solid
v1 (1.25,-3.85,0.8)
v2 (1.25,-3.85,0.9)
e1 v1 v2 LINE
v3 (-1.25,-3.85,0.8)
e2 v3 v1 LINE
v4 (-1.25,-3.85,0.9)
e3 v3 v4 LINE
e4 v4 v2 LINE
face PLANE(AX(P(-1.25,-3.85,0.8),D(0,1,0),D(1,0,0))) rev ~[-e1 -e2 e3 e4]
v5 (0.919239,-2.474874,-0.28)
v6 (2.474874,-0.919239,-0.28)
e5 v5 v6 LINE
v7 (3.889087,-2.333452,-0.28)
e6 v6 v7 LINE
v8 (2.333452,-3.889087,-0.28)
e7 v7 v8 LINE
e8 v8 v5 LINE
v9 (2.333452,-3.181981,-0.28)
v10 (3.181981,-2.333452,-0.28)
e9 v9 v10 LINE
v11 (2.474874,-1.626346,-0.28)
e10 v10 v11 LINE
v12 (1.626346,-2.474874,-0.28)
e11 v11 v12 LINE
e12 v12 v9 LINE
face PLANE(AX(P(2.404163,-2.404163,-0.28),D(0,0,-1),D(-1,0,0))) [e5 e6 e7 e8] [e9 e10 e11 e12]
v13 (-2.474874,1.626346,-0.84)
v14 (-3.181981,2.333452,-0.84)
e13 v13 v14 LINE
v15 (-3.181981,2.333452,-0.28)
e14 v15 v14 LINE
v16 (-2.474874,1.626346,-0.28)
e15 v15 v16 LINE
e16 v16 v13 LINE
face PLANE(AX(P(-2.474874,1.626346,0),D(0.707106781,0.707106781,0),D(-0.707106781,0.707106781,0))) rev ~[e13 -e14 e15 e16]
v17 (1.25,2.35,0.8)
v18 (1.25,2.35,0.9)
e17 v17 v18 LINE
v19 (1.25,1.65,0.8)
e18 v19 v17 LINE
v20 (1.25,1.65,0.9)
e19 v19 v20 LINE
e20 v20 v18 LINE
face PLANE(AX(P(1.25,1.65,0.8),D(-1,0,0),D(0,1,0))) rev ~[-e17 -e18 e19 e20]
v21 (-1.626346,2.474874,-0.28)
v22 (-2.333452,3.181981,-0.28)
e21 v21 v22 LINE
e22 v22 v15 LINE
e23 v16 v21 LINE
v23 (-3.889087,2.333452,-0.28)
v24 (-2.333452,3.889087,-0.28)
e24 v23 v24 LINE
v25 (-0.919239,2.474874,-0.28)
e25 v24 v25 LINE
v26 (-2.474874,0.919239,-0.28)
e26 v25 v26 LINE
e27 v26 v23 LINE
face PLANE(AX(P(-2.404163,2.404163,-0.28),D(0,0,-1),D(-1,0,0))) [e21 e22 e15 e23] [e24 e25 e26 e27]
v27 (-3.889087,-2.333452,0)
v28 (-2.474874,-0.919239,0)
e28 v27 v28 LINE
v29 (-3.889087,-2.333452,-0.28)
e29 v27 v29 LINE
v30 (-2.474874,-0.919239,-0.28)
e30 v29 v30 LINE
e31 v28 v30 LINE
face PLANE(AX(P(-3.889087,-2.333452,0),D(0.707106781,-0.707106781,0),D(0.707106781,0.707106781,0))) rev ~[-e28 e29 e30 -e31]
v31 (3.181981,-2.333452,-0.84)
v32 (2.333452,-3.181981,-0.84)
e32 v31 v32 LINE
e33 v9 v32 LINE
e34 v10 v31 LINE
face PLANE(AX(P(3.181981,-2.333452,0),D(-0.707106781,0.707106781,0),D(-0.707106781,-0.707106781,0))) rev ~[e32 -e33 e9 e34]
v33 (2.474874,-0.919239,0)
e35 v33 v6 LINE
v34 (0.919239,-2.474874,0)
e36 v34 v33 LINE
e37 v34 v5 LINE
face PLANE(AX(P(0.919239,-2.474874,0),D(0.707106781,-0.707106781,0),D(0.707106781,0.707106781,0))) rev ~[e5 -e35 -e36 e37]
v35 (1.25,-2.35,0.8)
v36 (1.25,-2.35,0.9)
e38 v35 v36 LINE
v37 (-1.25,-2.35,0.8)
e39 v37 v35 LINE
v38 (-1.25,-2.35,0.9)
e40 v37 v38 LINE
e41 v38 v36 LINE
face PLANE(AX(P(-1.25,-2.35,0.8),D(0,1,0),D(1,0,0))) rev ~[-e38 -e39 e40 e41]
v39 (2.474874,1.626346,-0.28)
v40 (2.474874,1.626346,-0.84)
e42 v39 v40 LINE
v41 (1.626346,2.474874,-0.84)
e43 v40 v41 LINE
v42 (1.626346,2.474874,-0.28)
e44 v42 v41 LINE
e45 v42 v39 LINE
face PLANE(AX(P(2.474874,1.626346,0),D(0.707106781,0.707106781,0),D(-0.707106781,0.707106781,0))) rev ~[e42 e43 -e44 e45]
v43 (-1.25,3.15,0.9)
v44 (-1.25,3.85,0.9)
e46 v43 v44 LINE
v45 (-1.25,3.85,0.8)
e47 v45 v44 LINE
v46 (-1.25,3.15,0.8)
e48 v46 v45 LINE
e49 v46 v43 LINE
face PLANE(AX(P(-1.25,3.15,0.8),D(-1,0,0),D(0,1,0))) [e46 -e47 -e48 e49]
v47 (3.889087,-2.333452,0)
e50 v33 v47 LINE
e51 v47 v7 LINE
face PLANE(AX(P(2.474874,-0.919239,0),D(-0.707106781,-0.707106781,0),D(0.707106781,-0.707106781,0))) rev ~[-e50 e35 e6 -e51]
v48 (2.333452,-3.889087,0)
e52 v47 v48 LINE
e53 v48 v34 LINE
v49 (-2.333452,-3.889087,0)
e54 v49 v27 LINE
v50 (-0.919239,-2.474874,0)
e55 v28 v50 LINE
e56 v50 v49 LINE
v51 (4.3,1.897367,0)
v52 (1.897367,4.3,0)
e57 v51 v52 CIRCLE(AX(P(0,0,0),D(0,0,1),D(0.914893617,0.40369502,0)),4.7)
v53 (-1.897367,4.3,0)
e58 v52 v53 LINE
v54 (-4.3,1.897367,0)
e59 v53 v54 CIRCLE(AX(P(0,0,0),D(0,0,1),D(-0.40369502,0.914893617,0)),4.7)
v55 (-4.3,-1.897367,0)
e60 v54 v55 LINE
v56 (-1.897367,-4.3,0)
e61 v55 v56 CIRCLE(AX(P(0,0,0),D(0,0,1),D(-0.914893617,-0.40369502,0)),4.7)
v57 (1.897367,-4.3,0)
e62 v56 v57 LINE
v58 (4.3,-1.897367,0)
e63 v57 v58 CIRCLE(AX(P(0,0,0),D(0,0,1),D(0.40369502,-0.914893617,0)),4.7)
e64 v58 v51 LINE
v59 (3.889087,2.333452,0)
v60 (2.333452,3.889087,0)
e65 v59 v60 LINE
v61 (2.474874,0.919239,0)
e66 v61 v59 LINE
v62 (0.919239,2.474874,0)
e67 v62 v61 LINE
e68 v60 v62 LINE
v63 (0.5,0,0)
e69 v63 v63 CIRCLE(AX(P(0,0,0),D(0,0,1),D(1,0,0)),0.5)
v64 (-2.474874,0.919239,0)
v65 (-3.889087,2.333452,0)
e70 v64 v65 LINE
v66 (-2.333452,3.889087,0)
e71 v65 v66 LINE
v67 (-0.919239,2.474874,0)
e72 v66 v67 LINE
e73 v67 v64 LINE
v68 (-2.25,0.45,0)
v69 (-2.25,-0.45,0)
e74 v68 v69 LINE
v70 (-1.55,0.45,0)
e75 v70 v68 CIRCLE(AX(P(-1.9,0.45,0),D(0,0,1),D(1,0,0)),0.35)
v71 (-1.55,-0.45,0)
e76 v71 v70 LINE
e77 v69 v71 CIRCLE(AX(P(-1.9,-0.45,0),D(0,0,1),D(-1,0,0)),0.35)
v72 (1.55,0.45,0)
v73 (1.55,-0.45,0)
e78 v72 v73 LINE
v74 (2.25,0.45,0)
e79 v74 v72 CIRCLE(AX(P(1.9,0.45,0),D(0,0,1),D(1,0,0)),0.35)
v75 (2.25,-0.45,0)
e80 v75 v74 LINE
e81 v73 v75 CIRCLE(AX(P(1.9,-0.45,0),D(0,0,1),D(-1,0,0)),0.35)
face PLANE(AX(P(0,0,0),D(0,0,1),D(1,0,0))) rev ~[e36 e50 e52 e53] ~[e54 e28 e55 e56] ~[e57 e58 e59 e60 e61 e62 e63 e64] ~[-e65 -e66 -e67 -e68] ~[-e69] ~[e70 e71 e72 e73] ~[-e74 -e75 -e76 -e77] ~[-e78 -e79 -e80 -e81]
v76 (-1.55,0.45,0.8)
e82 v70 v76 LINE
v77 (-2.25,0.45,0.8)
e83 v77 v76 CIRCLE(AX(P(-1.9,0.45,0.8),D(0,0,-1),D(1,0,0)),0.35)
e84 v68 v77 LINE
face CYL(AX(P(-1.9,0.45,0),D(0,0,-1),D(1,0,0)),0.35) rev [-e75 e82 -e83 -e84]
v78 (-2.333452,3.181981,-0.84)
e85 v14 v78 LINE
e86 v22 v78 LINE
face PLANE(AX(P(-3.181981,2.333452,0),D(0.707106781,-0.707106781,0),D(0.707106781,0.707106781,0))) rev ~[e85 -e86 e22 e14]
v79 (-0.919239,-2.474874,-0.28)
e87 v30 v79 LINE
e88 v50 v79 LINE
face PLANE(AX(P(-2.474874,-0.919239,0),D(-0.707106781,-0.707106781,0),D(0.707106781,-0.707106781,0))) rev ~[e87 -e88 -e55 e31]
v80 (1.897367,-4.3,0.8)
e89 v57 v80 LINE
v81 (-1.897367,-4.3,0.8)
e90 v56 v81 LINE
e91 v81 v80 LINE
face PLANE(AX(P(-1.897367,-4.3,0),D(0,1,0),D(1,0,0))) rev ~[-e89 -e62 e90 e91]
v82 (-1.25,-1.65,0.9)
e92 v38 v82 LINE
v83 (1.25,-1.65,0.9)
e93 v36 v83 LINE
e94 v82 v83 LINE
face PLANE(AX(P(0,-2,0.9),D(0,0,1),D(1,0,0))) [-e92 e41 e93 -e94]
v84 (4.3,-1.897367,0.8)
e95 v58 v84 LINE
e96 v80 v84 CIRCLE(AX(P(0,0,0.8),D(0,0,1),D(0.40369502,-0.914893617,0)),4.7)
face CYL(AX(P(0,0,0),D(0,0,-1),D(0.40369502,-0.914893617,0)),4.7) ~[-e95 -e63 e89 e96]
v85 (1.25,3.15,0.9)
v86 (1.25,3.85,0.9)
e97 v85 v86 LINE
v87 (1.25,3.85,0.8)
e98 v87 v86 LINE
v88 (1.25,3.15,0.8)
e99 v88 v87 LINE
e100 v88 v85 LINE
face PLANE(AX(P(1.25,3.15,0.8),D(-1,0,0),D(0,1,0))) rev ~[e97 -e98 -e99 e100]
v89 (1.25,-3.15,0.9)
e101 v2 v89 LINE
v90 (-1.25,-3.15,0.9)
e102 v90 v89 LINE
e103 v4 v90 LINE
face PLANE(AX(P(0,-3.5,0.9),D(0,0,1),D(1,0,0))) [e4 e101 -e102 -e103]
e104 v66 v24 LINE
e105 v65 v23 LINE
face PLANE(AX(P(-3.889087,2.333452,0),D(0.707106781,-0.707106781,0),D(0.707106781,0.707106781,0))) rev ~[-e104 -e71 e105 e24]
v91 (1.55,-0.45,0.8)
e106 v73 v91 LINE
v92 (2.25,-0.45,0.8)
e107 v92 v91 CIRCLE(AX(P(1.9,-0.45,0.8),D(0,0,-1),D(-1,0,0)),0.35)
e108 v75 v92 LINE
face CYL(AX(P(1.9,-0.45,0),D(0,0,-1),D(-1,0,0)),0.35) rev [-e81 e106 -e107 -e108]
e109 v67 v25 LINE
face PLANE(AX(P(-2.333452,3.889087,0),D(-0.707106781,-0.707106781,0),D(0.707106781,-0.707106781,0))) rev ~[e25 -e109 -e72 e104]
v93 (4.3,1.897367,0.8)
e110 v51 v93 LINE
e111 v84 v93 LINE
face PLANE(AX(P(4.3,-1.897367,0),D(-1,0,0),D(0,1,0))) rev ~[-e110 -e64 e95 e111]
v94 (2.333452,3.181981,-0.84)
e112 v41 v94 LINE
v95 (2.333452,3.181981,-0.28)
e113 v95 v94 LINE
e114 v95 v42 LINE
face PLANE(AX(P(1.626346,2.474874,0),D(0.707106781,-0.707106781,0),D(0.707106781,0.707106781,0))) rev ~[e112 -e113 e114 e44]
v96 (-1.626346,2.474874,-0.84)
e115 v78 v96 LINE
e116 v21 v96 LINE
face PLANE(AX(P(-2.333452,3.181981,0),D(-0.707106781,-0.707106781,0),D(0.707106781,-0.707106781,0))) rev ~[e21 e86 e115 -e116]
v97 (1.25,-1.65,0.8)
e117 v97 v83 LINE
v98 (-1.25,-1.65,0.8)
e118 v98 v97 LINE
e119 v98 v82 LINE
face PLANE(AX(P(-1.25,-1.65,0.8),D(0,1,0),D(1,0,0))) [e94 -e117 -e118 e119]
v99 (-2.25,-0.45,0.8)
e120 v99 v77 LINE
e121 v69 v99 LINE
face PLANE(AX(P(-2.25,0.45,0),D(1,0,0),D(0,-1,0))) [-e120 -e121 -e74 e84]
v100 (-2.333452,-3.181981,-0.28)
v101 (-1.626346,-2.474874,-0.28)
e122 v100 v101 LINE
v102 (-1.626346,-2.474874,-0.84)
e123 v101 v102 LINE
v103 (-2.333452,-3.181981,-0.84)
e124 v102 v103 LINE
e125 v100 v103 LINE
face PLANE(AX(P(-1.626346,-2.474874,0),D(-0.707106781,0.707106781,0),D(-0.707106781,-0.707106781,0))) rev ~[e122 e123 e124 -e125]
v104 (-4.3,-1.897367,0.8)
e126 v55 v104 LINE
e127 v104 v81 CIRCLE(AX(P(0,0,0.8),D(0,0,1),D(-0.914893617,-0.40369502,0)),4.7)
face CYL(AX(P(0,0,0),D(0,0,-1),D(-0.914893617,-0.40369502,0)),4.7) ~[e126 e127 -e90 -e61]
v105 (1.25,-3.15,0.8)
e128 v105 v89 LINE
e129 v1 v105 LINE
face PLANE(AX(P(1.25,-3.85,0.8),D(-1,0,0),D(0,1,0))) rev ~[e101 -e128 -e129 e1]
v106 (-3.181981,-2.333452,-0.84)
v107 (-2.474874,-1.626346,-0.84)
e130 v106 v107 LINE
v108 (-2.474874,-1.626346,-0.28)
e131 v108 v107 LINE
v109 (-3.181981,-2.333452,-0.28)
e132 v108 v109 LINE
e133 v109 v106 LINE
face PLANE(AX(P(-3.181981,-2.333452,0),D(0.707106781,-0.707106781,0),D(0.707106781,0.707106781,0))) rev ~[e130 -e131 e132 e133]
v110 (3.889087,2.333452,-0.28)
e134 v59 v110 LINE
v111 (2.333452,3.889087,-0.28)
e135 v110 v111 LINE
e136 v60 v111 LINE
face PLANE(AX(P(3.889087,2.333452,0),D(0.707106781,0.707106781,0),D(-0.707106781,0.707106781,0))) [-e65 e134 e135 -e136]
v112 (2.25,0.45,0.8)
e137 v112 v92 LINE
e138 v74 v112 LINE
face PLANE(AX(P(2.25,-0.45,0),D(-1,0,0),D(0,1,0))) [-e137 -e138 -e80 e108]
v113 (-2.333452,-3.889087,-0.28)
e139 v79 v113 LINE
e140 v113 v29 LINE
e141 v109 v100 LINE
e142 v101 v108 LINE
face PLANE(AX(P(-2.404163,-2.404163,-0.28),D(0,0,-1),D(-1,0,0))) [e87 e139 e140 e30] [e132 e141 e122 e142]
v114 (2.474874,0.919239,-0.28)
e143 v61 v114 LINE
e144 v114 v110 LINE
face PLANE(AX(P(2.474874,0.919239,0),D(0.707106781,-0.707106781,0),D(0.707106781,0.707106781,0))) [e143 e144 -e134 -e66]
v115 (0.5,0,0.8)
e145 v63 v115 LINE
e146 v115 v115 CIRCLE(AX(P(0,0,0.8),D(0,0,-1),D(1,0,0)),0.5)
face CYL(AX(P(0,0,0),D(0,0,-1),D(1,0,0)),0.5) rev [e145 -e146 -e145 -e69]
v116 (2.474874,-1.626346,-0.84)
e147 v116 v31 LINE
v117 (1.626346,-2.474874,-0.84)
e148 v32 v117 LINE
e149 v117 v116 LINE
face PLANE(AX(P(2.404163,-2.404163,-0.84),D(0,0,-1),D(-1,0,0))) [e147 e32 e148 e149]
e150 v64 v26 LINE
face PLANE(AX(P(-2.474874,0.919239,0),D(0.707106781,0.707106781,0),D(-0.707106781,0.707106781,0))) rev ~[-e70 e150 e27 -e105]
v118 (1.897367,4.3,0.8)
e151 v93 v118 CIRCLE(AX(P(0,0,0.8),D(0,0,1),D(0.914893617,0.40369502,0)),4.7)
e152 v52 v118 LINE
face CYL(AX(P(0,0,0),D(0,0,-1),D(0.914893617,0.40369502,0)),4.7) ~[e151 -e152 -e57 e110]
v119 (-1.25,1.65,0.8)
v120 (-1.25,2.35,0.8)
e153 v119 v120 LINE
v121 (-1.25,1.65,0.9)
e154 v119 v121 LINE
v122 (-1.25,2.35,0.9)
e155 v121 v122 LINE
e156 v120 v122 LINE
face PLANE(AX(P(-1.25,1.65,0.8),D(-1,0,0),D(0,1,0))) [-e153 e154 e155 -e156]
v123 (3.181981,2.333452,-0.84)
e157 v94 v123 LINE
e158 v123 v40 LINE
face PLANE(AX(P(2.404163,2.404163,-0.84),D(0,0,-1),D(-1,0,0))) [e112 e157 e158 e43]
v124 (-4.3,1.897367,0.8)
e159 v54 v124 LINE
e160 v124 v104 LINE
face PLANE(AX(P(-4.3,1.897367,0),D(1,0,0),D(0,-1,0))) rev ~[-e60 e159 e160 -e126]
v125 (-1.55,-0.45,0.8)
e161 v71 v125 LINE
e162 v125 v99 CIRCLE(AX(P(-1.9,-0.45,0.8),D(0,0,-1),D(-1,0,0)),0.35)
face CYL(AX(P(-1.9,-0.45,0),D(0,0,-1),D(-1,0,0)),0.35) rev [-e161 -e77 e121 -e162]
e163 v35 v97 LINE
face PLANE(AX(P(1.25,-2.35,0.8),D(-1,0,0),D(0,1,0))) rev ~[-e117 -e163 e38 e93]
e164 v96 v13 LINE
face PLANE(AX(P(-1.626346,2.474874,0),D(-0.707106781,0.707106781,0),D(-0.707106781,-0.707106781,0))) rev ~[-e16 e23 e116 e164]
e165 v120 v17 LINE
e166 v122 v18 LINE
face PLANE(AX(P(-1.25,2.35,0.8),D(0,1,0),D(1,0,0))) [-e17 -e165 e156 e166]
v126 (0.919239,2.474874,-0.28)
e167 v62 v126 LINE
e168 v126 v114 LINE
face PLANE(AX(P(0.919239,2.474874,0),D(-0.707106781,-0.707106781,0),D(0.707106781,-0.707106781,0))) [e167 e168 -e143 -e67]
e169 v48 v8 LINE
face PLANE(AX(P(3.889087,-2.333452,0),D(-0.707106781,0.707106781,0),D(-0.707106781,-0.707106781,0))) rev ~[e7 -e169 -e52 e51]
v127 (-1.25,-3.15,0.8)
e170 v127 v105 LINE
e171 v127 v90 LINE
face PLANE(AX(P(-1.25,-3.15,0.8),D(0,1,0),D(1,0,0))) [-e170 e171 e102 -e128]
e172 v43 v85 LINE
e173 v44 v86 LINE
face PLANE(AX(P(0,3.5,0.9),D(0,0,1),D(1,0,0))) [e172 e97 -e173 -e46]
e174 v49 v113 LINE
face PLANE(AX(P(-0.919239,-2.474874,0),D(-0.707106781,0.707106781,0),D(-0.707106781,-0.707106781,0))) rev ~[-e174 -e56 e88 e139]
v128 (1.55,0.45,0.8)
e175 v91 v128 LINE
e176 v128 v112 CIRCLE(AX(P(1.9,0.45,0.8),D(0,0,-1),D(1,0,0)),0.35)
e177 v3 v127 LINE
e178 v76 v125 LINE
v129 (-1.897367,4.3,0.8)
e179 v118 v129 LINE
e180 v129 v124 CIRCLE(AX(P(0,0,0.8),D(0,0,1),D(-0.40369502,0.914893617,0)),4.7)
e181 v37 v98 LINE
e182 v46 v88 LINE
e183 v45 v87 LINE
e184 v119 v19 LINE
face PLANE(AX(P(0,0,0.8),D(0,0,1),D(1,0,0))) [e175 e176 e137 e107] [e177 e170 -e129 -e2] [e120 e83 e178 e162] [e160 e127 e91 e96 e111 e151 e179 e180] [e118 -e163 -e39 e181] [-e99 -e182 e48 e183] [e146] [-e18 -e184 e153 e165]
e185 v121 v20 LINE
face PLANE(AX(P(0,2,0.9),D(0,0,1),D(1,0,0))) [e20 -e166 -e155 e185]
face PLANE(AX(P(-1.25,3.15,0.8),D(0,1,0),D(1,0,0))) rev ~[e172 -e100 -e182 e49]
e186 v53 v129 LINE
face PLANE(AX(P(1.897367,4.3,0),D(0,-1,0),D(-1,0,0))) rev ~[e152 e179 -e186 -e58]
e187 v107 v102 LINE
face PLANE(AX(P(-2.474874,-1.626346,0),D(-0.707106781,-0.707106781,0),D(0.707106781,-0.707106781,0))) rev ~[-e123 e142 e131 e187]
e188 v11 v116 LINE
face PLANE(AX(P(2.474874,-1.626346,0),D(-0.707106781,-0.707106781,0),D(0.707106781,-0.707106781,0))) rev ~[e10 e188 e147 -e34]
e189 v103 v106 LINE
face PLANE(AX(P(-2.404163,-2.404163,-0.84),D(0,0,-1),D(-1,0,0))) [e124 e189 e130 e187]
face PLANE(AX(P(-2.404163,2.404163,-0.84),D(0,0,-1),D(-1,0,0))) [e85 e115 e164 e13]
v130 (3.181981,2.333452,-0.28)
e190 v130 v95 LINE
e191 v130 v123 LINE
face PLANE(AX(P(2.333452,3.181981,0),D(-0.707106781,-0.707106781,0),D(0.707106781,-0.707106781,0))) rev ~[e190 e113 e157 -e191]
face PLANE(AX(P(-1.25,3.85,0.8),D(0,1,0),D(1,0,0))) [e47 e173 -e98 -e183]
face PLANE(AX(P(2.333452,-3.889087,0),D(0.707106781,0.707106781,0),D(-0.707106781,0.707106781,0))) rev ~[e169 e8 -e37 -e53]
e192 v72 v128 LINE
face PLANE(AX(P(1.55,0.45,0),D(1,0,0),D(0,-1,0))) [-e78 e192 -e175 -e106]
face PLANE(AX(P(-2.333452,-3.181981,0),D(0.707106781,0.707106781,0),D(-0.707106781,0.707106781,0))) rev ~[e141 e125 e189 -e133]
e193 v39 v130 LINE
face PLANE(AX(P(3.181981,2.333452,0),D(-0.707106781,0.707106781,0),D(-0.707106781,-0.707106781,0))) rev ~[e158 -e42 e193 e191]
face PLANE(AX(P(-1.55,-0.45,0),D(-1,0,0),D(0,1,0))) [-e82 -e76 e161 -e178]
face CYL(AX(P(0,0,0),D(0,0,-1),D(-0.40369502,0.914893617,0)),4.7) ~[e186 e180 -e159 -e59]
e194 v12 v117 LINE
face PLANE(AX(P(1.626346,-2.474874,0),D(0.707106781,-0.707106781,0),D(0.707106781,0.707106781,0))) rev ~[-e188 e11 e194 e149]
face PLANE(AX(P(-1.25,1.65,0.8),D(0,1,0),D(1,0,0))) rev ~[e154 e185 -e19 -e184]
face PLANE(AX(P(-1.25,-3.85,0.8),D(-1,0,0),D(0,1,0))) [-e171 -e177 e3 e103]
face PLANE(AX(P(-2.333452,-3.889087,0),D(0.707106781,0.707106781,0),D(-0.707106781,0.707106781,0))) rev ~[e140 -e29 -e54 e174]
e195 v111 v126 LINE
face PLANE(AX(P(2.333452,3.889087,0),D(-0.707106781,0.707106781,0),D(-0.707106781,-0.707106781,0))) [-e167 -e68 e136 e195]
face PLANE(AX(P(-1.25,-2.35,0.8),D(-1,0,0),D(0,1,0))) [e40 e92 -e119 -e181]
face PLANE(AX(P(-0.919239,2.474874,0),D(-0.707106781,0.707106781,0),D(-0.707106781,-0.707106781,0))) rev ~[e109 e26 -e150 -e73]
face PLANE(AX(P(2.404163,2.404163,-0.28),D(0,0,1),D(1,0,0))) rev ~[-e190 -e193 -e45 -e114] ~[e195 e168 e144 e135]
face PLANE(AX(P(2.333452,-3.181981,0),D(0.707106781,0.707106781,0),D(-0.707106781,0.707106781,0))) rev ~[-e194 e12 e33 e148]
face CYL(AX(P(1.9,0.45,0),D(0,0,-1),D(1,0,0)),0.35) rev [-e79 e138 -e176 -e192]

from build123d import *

# Parameters (mm, degrees)
EXTRUDE_5_DEPTH     = 0.8
EXTRUDE_6_DEPTH     = 0.28
EXTRUDE_8_DEPTH     = 0.84
SKETCH_1_9_R        = 0.5
CUT_EXTRUDE_1_DEPTH = 1.8
SKETCH_2_W          = 2.5
SKETCH_2_H          = 0.7
EXTRUDE_9_DEPTH     = 0.1


with BuildPart() as part:
    # Sketch 1 → Extrude 5 (new body)
    with BuildSketch(Plane.XY):
        with BuildLine():
            Line((-1.897366596, -4.3), (1.897366596, -4.3))
            ThreePointArc((1.897366596, -4.3), (3.323401872, -3.323401872), (4.3, -1.897366596))
            Line((4.3, -1.897366596), (4.3, 1.897366596))
            ThreePointArc((4.3, 1.897366596), (3.323401872, 3.323401872), (1.897366596, 4.3))
            Line((1.897366596, 4.3), (-1.897366596, 4.3))
            ThreePointArc((-1.897366596, 4.3), (-3.323401872, 3.323401872), (-4.3, 1.897366596))
            Line((-4.3, 1.897366596), (-4.3, -1.897366596))
            ThreePointArc((-4.3, -1.897366596), (-3.323401872, -3.323401872), (-1.897366596, -4.3))
        make_face()
    extrude(amount=EXTRUDE_5_DEPTH)

    # Sketch 1_6 → Extrude 6 (add)
    with BuildSketch(Plane.XY):
        Polygon((-0.919238816, 2.474873734), (-2.474873734, 0.919238816), (-3.889087297, 2.333452378), (-2.333452378, 3.889087297), align=None)
        Polygon((-1.626345597, 2.474873734), (-2.333452378, 3.181980515), (-3.181980515, 2.333452378), (-2.474873734, 1.626345597), align=None, mode=Mode.SUBTRACT)
        Polygon((2.474873734, 0.919238816), (3.889087297, 2.333452378), (2.333452378, 3.889087297), (0.919238816, 2.474873734), align=None)
        Polygon((2.474873734, 1.626345597), (3.181980515, 2.333452378), (2.333452378, 3.181980515), (1.626345597, 2.474873734), align=None, mode=Mode.SUBTRACT)
        Polygon((0.919238816, -2.474873734), (2.474873734, -0.919238816), (3.889087297, -2.333452378), (2.333452378, -3.889087297), align=None)
        Polygon((1.626345597, -2.474873734), (2.333452378, -3.181980515), (3.181980515, -2.333452378), (2.474873734, -1.626345597), align=None, mode=Mode.SUBTRACT)
        Polygon((-2.474873734, -0.919238816), (-0.919238816, -2.474873734), (-2.333452378, -3.889087297), (-3.889087297, -2.333452378), align=None)
        Polygon((-2.474873734, -1.626345597), (-3.181980515, -2.333452378), (-2.333452378, -3.181980515), (-1.626345597, -2.474873734), align=None, mode=Mode.SUBTRACT)
    extrude(amount=-EXTRUDE_6_DEPTH)

    # Sketch 1_8 → Extrude 8 (add)
    with BuildSketch(Plane.XY):
        Polygon((-1.626345597, 2.474873734), (-2.474873734, 1.626345597), (-3.181980515, 2.333452378), (-2.333452378, 3.181980515), align=None)
        Polygon((2.474873734, 1.626345597), (1.626345597, 2.474873734), (2.333452378, 3.181980515), (3.181980515, 2.333452378), align=None)
        Polygon((1.626345597, -2.474873734), (2.474873734, -1.626345597), (3.181980515, -2.333452378), (2.333452378, -3.181980515), align=None)
        Polygon((-2.474873734, -1.626345597), (-1.626345597, -2.474873734), (-2.333452378, -3.181980515), (-3.181980515, -2.333452378), align=None)
    extrude(amount=-EXTRUDE_8_DEPTH)

    # Sketch 1_9 → Cut-Extrude 1 (cut, through all)
    with BuildSketch(Plane.XY):
        with BuildLine():
            ThreePointArc((-2.25, -0.45), (-1.9, -0.8), (-1.55, -0.45))
            Line((-1.55, -0.45), (-1.55, 0.45))
            ThreePointArc((-1.55, 0.45), (-1.9, 0.8), (-2.25, 0.45))
            Line((-2.25, 0.45), (-2.25, -0.45))
        make_face()
        with BuildLine():
            Line((1.55, 0.45), (1.55, -0.45))
            ThreePointArc((1.55, -0.45), (1.9, -0.8), (2.25, -0.45))
            Line((2.25, -0.45), (2.25, 0.45))
            ThreePointArc((2.25, 0.45), (1.9, 0.8), (1.55, 0.45))
        make_face()
        Circle(SKETCH_1_9_R)
    extrude(amount=CUT_EXTRUDE_1_DEPTH, mode=Mode.SUBTRACT)

    # Sketch 2 → Extrude 9 (add)
    with BuildSketch(Plane.XY.offset(0.8)):
        with Locations((0, 3.5)):
            Rectangle(SKETCH_2_W, SKETCH_2_H)
        with Locations((0, 2)):
            Rectangle(SKETCH_2_W, SKETCH_2_H)
        with Locations((0, -2)):
            Rectangle(SKETCH_2_W, SKETCH_2_H)
        with Locations((0, -3.5)):
            Rectangle(SKETCH_2_W, SKETCH_2_H)
    extrude(amount=EXTRUDE_9_DEPTH)


solid = part.part
